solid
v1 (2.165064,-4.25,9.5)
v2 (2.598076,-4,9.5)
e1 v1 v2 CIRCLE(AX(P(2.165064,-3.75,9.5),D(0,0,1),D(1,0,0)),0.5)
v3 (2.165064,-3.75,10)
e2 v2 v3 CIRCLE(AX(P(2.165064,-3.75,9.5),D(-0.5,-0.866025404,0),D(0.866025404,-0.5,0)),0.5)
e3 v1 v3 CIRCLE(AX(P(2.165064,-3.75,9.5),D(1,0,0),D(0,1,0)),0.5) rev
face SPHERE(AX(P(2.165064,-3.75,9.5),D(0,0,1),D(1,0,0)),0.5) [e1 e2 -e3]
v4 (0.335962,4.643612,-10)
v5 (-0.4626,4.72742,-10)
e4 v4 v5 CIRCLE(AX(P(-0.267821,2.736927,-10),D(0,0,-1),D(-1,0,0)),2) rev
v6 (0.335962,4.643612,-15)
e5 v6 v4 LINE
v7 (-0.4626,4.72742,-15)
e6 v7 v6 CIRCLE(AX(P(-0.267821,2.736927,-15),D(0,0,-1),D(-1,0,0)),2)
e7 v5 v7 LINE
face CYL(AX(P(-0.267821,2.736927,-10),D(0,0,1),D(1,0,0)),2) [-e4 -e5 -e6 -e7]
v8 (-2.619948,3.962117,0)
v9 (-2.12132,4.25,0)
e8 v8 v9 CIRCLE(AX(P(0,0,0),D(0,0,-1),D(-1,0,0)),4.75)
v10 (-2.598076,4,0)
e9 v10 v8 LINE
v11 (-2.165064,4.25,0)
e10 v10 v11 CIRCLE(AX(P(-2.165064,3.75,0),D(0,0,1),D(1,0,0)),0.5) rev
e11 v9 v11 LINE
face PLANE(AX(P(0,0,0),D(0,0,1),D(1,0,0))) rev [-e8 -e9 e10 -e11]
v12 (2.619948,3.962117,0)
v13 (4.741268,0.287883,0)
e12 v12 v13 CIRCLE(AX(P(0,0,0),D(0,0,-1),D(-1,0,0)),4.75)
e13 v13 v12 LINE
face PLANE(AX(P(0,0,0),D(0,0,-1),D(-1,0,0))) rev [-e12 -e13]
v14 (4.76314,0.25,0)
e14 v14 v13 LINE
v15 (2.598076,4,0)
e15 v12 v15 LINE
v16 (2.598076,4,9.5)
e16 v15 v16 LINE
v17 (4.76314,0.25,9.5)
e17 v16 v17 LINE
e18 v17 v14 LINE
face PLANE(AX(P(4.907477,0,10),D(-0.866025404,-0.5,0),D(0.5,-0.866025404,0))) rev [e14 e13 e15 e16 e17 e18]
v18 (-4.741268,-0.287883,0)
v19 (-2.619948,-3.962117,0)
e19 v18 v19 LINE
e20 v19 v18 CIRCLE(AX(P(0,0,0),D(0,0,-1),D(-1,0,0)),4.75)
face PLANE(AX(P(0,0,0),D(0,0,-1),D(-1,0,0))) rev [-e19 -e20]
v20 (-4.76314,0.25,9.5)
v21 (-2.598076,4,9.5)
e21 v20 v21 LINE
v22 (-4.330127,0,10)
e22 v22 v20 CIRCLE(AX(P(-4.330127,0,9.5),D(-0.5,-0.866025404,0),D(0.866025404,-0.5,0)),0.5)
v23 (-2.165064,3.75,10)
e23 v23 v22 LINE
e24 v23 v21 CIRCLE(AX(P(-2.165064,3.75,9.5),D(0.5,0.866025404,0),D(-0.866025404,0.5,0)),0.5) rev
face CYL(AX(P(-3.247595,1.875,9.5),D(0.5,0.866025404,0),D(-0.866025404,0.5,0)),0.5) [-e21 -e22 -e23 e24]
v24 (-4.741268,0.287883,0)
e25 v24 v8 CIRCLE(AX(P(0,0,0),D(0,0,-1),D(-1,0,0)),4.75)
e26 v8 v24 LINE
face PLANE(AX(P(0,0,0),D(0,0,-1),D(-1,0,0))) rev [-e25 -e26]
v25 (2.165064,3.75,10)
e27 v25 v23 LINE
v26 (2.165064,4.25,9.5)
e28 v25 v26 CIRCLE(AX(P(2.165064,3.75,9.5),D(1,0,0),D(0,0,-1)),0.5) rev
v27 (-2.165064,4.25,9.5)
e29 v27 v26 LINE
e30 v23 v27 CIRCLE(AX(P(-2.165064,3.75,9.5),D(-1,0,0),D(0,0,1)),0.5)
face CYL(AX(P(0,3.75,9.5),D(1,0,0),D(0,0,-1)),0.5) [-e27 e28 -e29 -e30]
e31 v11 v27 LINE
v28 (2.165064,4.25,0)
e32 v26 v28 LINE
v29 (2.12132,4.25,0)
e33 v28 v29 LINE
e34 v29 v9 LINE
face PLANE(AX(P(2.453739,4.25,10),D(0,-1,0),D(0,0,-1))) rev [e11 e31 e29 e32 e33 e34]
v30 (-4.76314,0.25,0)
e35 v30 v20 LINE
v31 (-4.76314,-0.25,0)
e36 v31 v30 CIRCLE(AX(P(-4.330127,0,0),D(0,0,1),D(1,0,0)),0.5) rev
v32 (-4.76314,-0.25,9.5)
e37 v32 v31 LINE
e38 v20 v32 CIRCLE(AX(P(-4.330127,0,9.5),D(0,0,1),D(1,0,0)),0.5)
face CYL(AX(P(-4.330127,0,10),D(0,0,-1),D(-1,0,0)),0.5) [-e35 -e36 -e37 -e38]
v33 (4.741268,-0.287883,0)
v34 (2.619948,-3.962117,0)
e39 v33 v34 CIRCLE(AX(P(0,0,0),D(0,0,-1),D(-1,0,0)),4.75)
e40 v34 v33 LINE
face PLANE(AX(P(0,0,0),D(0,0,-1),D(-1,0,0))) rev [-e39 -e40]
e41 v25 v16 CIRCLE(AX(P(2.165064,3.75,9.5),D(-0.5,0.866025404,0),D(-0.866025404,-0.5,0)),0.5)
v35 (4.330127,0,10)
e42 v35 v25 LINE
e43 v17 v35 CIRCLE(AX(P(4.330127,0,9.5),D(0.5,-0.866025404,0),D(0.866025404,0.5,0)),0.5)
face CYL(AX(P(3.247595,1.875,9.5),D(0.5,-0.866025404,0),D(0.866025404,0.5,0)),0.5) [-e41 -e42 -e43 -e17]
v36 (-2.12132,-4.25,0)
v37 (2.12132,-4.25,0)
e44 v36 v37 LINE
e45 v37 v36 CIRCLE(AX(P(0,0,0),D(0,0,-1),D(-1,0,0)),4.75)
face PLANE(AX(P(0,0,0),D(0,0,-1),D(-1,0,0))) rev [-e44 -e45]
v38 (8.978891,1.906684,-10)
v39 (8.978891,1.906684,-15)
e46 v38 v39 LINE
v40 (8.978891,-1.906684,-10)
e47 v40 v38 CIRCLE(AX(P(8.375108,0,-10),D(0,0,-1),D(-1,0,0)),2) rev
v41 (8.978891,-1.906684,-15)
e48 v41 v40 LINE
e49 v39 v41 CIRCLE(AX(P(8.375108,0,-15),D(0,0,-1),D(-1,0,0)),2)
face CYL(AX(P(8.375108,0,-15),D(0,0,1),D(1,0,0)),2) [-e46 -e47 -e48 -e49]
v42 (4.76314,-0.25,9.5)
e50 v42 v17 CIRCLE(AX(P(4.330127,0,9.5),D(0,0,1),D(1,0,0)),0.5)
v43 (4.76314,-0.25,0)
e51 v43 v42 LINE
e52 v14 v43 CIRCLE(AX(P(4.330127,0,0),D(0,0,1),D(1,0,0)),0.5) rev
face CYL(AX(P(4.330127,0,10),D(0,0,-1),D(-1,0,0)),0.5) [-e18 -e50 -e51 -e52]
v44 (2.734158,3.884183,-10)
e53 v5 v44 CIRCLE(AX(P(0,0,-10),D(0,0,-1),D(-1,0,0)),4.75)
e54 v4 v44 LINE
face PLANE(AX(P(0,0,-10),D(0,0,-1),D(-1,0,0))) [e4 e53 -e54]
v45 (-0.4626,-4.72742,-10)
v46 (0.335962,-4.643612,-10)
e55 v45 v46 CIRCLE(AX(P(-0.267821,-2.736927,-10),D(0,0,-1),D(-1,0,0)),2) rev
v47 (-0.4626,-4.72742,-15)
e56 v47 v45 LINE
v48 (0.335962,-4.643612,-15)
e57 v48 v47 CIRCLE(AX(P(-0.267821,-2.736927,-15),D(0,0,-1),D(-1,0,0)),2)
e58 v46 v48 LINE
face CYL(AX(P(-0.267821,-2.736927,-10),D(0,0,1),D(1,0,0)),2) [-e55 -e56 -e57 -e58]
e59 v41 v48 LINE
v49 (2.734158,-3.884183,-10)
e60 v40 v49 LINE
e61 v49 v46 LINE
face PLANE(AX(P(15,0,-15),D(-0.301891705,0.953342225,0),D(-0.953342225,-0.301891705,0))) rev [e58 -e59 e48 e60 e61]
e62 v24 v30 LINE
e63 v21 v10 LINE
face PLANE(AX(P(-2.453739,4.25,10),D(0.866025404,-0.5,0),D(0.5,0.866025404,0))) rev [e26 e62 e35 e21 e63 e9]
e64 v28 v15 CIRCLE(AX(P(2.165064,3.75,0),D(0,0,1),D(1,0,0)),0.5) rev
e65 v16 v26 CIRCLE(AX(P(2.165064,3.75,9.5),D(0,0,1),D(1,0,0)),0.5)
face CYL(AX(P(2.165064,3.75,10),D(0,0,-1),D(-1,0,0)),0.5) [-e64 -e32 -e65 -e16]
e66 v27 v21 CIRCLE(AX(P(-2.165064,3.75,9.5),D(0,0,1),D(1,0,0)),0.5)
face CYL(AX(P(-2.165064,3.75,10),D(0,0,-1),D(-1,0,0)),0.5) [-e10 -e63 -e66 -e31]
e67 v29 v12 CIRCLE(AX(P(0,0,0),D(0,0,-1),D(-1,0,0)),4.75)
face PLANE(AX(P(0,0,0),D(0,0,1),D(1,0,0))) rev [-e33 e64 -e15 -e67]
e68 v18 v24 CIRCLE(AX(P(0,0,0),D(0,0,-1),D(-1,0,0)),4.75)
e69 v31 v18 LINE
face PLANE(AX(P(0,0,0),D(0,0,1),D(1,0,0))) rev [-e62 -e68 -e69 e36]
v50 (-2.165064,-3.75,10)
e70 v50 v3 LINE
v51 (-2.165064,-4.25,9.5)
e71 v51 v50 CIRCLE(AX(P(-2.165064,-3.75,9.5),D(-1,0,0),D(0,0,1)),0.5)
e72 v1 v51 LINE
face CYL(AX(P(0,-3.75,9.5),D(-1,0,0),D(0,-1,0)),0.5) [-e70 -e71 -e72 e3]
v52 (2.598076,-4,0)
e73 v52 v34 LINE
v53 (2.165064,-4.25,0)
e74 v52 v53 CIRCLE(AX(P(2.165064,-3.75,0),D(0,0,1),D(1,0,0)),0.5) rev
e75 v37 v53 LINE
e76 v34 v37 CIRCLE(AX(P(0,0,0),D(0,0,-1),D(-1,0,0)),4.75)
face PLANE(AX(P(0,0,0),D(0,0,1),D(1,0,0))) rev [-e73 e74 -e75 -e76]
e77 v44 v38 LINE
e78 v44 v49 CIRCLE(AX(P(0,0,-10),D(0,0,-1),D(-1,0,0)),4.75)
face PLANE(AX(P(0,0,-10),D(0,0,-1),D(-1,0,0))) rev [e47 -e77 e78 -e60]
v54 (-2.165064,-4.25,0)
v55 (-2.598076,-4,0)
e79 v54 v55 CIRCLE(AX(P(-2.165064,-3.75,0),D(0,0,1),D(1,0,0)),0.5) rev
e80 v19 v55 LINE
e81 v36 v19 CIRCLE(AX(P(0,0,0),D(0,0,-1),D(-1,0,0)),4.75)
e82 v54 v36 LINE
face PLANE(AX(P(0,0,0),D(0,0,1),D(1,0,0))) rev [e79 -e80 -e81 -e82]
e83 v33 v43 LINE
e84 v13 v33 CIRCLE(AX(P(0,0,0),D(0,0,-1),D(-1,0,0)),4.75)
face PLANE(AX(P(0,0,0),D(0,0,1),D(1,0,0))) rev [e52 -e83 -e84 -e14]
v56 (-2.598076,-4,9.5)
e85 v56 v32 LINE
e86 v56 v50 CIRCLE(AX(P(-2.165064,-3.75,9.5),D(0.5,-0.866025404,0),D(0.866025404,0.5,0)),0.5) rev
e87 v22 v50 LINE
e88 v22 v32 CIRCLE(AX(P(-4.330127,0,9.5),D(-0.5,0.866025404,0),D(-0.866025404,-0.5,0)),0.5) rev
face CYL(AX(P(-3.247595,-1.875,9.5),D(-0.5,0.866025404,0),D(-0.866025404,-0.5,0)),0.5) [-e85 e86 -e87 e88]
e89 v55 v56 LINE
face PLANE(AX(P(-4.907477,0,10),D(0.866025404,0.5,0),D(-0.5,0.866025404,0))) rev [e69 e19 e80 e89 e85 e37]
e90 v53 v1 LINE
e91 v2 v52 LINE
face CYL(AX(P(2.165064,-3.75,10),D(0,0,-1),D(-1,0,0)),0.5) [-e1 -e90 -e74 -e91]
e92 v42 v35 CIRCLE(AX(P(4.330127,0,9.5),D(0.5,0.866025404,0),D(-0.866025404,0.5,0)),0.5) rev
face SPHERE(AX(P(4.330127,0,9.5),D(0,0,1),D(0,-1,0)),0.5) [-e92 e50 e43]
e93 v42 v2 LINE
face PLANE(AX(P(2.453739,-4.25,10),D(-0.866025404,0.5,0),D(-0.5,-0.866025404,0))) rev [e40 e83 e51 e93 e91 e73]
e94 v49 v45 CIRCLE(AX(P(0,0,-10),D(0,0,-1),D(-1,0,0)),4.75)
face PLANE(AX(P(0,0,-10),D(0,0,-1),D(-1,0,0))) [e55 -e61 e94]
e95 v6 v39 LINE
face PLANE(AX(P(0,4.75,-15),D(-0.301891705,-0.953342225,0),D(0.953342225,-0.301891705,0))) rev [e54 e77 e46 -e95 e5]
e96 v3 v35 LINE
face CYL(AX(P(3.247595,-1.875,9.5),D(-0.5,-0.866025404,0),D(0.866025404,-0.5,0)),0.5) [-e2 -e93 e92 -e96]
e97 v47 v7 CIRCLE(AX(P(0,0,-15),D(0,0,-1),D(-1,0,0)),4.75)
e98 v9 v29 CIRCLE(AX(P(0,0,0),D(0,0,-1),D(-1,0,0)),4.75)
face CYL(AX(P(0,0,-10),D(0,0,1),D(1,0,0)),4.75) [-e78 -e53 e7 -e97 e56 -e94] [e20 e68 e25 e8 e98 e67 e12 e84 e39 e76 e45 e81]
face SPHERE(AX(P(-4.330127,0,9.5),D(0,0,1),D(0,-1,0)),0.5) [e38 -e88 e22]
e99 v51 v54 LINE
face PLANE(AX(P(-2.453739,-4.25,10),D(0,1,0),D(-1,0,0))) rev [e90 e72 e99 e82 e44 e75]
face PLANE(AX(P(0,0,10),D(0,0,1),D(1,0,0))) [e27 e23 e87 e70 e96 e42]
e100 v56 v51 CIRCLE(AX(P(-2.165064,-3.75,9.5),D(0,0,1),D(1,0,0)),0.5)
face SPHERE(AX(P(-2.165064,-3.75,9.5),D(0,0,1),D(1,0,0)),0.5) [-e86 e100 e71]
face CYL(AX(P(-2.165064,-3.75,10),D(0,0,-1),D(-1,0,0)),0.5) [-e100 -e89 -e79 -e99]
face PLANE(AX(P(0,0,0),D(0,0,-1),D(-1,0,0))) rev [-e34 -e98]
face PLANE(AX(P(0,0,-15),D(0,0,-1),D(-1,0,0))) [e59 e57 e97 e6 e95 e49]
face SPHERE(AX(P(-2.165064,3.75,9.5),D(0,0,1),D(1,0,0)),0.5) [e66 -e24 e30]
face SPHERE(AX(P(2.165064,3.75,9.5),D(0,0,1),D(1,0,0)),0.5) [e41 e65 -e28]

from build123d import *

# Parameters (mm, degrees)
BOSS_EXTRUDE1_DEPTH = 10
FILLET1_R           = 0.5
SKETCH2_R           = 4.75
BOSS_EXTRUDE2_DEPTH = 10
BOSS_EXTRUDE3_DEPTH = 5
FILLET2_R           = 2


with BuildPart() as part:
    # Sketch1 → Boss-Extrude1 (new body)
    with BuildSketch(Plane.XY):
        Polygon((2.453738644, -4.25), (4.907477288, 0), (2.453738644, 4.25), (-2.453738644, 4.25), (-4.907477288, 0), (-2.453738644, -4.25), align=None)
    extrude(amount=BOSS_EXTRUDE1_DEPTH)

    # Fillet1
    fillet1_edges = [part.edges().sort_by_distance(p)[0] for p in [
        (-2.453738644, -4.25, 5),
        (-4.907477288, 0, 5),
        (-2.453738644, 4.25, 5),
        (2.453738644, 4.25, 5),
        (4.907477288, 0, 5),
        (2.453738644, -4.25, 5),
        (3.680607966, 2.125, 10),
        (0, 4.25, 10),
        (-3.680607966, 2.125, 10),
        (-3.680607966, -2.125, 10),
        (0, -4.25, 10),
        (3.680607966, -2.125, 10),
    ]]
    fillet(fillet1_edges, radius=FILLET1_R)

    # Sketch2 → Boss-Extrude2 (add)
    with BuildSketch(Plane(origin=(0, 0, 0), x_dir=(-1, 0, 0), z_dir=(0, 0, -1))):
        with Locations(Location((0, 0, 0), (0, 0, 176.525352017))):
            Circle(SKETCH2_R)
    extrude(amount=BOSS_EXTRUDE2_DEPTH)

    # Sketch3 → Boss-Extrude3 (add)
    with BuildSketch(Plane(origin=(0, 0, -10), x_dir=(-1, 0, 0), z_dir=(0, 0, -1))):
        with BuildLine():
            Line((0, 4.75), (-15, 0))
            Line((-15, 0), (0, -4.75))
            ThreePointArc((0, -4.75), (4.75, 0), (0, 4.75))
        make_face()
    extrude(amount=BOSS_EXTRUDE3_DEPTH)

    # Fillet2
    fillet2_edges = [part.edges().sort_by_distance(p)[0] for p in [
        (0, -4.75, -12.5),
        (0, 4.75, -12.5),
        (15, 0, -12.5),
    ]]
    fillet(fillet2_edges, radius=FILLET2_R)


solid = part.part
